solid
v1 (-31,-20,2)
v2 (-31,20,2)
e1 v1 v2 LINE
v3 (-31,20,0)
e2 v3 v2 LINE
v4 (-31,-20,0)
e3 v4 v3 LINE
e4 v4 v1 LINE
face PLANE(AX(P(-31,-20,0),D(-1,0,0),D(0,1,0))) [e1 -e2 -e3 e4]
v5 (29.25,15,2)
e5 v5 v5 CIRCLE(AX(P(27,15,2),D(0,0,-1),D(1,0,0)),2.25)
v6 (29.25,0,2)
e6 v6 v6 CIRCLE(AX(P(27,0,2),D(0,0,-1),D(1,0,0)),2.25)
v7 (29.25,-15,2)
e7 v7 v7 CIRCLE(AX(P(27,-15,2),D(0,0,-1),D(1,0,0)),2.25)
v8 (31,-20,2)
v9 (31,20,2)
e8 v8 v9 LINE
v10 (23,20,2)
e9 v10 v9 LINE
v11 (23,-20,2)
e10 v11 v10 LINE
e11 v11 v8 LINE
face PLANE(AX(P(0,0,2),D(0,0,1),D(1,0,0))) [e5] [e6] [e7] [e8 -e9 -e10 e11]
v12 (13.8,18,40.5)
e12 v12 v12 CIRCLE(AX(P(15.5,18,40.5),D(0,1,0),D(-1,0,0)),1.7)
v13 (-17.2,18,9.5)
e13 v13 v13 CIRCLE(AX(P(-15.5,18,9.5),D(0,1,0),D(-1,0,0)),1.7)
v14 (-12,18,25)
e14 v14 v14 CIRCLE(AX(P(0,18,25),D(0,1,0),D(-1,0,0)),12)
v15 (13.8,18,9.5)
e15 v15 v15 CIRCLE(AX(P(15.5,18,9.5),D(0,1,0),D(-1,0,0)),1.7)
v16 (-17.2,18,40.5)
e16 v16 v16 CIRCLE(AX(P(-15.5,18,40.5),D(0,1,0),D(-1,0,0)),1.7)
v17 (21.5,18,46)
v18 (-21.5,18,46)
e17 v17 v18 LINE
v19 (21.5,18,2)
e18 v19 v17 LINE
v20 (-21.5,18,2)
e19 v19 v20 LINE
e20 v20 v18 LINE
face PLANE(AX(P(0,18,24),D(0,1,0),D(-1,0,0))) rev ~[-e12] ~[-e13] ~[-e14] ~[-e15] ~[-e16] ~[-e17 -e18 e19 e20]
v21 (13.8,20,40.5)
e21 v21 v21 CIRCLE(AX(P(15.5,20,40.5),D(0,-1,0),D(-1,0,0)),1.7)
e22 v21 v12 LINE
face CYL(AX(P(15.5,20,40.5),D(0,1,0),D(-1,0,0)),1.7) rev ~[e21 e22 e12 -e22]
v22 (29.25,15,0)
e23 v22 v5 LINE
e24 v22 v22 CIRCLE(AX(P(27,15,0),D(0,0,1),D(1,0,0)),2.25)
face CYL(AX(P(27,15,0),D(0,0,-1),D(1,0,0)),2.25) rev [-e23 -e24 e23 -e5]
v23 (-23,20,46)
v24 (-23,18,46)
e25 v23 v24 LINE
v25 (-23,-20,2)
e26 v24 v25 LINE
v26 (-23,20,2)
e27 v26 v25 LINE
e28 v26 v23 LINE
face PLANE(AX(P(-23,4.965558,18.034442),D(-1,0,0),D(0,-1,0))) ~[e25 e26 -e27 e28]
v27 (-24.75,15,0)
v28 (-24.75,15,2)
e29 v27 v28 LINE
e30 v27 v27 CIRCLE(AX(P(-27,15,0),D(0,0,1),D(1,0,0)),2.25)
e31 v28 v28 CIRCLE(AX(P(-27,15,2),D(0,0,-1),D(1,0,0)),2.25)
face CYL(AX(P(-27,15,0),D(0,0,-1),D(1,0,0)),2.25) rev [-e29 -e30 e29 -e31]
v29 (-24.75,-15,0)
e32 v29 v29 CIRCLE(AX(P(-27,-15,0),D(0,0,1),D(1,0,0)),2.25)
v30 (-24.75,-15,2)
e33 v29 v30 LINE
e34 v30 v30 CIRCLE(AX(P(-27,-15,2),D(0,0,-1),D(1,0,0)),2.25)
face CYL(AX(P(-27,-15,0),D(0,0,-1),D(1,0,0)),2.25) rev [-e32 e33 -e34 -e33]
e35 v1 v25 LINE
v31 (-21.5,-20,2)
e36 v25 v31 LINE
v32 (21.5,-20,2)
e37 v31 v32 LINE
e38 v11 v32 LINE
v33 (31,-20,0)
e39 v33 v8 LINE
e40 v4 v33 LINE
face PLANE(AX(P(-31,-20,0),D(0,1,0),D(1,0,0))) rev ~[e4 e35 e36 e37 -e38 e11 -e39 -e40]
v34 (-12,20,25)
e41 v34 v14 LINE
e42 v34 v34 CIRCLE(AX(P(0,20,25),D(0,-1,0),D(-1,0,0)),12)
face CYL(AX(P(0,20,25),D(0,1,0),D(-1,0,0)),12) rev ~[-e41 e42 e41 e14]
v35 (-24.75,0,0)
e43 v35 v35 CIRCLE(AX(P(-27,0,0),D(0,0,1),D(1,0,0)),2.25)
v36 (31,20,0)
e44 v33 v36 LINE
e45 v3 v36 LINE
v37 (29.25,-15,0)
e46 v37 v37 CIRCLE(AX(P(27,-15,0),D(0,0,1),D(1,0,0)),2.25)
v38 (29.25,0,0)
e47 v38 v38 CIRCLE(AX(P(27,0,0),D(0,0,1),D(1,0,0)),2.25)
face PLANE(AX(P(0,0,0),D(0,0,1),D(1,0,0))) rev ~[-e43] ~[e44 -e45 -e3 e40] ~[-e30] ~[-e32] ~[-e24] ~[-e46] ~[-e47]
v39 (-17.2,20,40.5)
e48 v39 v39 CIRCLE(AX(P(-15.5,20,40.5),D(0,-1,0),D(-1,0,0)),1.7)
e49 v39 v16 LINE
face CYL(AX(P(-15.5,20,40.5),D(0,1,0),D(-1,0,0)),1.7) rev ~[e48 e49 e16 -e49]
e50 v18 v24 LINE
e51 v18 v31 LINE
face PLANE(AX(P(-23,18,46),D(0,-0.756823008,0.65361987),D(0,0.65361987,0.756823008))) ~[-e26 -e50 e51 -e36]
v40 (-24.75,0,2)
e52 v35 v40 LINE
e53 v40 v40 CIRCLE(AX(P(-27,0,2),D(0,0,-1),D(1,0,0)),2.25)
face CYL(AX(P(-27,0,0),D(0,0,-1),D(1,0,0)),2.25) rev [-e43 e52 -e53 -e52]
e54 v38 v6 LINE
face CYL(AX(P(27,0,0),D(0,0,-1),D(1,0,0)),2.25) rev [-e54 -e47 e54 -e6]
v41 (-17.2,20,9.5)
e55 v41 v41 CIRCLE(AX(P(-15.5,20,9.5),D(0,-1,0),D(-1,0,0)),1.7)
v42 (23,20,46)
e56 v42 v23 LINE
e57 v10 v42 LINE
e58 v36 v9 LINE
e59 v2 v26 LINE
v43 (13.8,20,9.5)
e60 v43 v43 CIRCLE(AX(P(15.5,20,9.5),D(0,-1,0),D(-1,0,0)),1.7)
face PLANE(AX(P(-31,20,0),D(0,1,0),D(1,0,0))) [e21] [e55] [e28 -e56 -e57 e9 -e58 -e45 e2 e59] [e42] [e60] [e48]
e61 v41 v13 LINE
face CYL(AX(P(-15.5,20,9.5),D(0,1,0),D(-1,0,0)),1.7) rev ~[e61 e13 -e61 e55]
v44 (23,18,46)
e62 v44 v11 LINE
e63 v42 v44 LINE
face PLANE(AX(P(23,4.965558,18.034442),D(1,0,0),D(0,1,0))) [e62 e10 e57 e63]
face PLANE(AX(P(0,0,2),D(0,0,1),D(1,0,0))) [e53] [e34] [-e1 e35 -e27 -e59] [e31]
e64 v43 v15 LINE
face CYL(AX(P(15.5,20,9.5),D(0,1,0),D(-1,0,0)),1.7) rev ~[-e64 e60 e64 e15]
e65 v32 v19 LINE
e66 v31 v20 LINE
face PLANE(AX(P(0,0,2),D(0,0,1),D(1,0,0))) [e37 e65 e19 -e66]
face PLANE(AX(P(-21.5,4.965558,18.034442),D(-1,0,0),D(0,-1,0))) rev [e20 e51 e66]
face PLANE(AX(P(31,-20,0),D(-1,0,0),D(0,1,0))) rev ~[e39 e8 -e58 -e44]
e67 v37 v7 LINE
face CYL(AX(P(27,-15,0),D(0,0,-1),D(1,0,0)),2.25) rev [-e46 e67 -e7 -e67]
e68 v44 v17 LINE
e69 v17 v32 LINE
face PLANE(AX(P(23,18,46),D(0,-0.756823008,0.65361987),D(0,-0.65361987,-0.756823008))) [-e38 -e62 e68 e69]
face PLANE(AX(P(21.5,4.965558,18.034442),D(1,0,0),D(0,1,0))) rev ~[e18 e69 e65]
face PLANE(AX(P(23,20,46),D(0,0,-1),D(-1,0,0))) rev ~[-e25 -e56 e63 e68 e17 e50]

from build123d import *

# Parameters (mm, degrees)
F0_W     = 62
F0_H     = 40
F0_R     = 2.25
F1_DEPTH = 2
F3_W     = 46
F3_H     = 44
F3_R     = 1.7
F3_R_2   = 12
F4_DEPTH = 2
F6_DEPTH = 1.5


with BuildPart() as f1:
    # F0 (on Top) → F1 (new body)
    with BuildSketch(Plane.XY):
        Rectangle(F0_W, F0_H)
        with Locations((-27, -15)):
            Circle(F0_R, mode=Mode.SUBTRACT)
        with Locations((27, -15)):
            Circle(F0_R, mode=Mode.SUBTRACT)
        with Locations((-27, 0)):
            Circle(F0_R, mode=Mode.SUBTRACT)
        with Locations((-27, 15)):
            Circle(F0_R, mode=Mode.SUBTRACT)
        with Locations((27, 0)):
            Circle(F0_R, mode=Mode.SUBTRACT)
        with Locations((27, 15)):
            Circle(F0_R, mode=Mode.SUBTRACT)
    extrude(amount=F1_DEPTH)

    # F3 (on offset) → F4 (join)
    with BuildSketch(Plane(origin=(0, 20, 0), x_dir=(-1, 0, 0), z_dir=(0, 1, 0))):
        with Locations((0, 24)):
            Rectangle(F3_W, F3_H)
        with Locations((-15.5, 9.5)):
            Circle(F3_R, mode=Mode.SUBTRACT)
        with Locations((15.5, 9.5)):
            Circle(F3_R, mode=Mode.SUBTRACT)
        with Locations((-15.5, 40.5)):
            Circle(F3_R, mode=Mode.SUBTRACT)
        with Locations((0, 25)):
            Circle(F3_R_2, mode=Mode.SUBTRACT)
        with Locations((15.5, 40.5)):
            Circle(F3_R, mode=Mode.SUBTRACT)
    extrude(amount=-F4_DEPTH)

    # F5 (on face) → F6 (join)
    with BuildSketch(Plane.YZ.offset(23)):
        Polygon((18, 2), (18, 46), (-20, 2), align=None)
    extrude(amount=-F6_DEPTH)

    # F7: F1 across plane


with BuildPart() as f1_1:
    add(f1.part)
    add(f1.part.mirror(Plane.YZ))


solid = f1_1.part
